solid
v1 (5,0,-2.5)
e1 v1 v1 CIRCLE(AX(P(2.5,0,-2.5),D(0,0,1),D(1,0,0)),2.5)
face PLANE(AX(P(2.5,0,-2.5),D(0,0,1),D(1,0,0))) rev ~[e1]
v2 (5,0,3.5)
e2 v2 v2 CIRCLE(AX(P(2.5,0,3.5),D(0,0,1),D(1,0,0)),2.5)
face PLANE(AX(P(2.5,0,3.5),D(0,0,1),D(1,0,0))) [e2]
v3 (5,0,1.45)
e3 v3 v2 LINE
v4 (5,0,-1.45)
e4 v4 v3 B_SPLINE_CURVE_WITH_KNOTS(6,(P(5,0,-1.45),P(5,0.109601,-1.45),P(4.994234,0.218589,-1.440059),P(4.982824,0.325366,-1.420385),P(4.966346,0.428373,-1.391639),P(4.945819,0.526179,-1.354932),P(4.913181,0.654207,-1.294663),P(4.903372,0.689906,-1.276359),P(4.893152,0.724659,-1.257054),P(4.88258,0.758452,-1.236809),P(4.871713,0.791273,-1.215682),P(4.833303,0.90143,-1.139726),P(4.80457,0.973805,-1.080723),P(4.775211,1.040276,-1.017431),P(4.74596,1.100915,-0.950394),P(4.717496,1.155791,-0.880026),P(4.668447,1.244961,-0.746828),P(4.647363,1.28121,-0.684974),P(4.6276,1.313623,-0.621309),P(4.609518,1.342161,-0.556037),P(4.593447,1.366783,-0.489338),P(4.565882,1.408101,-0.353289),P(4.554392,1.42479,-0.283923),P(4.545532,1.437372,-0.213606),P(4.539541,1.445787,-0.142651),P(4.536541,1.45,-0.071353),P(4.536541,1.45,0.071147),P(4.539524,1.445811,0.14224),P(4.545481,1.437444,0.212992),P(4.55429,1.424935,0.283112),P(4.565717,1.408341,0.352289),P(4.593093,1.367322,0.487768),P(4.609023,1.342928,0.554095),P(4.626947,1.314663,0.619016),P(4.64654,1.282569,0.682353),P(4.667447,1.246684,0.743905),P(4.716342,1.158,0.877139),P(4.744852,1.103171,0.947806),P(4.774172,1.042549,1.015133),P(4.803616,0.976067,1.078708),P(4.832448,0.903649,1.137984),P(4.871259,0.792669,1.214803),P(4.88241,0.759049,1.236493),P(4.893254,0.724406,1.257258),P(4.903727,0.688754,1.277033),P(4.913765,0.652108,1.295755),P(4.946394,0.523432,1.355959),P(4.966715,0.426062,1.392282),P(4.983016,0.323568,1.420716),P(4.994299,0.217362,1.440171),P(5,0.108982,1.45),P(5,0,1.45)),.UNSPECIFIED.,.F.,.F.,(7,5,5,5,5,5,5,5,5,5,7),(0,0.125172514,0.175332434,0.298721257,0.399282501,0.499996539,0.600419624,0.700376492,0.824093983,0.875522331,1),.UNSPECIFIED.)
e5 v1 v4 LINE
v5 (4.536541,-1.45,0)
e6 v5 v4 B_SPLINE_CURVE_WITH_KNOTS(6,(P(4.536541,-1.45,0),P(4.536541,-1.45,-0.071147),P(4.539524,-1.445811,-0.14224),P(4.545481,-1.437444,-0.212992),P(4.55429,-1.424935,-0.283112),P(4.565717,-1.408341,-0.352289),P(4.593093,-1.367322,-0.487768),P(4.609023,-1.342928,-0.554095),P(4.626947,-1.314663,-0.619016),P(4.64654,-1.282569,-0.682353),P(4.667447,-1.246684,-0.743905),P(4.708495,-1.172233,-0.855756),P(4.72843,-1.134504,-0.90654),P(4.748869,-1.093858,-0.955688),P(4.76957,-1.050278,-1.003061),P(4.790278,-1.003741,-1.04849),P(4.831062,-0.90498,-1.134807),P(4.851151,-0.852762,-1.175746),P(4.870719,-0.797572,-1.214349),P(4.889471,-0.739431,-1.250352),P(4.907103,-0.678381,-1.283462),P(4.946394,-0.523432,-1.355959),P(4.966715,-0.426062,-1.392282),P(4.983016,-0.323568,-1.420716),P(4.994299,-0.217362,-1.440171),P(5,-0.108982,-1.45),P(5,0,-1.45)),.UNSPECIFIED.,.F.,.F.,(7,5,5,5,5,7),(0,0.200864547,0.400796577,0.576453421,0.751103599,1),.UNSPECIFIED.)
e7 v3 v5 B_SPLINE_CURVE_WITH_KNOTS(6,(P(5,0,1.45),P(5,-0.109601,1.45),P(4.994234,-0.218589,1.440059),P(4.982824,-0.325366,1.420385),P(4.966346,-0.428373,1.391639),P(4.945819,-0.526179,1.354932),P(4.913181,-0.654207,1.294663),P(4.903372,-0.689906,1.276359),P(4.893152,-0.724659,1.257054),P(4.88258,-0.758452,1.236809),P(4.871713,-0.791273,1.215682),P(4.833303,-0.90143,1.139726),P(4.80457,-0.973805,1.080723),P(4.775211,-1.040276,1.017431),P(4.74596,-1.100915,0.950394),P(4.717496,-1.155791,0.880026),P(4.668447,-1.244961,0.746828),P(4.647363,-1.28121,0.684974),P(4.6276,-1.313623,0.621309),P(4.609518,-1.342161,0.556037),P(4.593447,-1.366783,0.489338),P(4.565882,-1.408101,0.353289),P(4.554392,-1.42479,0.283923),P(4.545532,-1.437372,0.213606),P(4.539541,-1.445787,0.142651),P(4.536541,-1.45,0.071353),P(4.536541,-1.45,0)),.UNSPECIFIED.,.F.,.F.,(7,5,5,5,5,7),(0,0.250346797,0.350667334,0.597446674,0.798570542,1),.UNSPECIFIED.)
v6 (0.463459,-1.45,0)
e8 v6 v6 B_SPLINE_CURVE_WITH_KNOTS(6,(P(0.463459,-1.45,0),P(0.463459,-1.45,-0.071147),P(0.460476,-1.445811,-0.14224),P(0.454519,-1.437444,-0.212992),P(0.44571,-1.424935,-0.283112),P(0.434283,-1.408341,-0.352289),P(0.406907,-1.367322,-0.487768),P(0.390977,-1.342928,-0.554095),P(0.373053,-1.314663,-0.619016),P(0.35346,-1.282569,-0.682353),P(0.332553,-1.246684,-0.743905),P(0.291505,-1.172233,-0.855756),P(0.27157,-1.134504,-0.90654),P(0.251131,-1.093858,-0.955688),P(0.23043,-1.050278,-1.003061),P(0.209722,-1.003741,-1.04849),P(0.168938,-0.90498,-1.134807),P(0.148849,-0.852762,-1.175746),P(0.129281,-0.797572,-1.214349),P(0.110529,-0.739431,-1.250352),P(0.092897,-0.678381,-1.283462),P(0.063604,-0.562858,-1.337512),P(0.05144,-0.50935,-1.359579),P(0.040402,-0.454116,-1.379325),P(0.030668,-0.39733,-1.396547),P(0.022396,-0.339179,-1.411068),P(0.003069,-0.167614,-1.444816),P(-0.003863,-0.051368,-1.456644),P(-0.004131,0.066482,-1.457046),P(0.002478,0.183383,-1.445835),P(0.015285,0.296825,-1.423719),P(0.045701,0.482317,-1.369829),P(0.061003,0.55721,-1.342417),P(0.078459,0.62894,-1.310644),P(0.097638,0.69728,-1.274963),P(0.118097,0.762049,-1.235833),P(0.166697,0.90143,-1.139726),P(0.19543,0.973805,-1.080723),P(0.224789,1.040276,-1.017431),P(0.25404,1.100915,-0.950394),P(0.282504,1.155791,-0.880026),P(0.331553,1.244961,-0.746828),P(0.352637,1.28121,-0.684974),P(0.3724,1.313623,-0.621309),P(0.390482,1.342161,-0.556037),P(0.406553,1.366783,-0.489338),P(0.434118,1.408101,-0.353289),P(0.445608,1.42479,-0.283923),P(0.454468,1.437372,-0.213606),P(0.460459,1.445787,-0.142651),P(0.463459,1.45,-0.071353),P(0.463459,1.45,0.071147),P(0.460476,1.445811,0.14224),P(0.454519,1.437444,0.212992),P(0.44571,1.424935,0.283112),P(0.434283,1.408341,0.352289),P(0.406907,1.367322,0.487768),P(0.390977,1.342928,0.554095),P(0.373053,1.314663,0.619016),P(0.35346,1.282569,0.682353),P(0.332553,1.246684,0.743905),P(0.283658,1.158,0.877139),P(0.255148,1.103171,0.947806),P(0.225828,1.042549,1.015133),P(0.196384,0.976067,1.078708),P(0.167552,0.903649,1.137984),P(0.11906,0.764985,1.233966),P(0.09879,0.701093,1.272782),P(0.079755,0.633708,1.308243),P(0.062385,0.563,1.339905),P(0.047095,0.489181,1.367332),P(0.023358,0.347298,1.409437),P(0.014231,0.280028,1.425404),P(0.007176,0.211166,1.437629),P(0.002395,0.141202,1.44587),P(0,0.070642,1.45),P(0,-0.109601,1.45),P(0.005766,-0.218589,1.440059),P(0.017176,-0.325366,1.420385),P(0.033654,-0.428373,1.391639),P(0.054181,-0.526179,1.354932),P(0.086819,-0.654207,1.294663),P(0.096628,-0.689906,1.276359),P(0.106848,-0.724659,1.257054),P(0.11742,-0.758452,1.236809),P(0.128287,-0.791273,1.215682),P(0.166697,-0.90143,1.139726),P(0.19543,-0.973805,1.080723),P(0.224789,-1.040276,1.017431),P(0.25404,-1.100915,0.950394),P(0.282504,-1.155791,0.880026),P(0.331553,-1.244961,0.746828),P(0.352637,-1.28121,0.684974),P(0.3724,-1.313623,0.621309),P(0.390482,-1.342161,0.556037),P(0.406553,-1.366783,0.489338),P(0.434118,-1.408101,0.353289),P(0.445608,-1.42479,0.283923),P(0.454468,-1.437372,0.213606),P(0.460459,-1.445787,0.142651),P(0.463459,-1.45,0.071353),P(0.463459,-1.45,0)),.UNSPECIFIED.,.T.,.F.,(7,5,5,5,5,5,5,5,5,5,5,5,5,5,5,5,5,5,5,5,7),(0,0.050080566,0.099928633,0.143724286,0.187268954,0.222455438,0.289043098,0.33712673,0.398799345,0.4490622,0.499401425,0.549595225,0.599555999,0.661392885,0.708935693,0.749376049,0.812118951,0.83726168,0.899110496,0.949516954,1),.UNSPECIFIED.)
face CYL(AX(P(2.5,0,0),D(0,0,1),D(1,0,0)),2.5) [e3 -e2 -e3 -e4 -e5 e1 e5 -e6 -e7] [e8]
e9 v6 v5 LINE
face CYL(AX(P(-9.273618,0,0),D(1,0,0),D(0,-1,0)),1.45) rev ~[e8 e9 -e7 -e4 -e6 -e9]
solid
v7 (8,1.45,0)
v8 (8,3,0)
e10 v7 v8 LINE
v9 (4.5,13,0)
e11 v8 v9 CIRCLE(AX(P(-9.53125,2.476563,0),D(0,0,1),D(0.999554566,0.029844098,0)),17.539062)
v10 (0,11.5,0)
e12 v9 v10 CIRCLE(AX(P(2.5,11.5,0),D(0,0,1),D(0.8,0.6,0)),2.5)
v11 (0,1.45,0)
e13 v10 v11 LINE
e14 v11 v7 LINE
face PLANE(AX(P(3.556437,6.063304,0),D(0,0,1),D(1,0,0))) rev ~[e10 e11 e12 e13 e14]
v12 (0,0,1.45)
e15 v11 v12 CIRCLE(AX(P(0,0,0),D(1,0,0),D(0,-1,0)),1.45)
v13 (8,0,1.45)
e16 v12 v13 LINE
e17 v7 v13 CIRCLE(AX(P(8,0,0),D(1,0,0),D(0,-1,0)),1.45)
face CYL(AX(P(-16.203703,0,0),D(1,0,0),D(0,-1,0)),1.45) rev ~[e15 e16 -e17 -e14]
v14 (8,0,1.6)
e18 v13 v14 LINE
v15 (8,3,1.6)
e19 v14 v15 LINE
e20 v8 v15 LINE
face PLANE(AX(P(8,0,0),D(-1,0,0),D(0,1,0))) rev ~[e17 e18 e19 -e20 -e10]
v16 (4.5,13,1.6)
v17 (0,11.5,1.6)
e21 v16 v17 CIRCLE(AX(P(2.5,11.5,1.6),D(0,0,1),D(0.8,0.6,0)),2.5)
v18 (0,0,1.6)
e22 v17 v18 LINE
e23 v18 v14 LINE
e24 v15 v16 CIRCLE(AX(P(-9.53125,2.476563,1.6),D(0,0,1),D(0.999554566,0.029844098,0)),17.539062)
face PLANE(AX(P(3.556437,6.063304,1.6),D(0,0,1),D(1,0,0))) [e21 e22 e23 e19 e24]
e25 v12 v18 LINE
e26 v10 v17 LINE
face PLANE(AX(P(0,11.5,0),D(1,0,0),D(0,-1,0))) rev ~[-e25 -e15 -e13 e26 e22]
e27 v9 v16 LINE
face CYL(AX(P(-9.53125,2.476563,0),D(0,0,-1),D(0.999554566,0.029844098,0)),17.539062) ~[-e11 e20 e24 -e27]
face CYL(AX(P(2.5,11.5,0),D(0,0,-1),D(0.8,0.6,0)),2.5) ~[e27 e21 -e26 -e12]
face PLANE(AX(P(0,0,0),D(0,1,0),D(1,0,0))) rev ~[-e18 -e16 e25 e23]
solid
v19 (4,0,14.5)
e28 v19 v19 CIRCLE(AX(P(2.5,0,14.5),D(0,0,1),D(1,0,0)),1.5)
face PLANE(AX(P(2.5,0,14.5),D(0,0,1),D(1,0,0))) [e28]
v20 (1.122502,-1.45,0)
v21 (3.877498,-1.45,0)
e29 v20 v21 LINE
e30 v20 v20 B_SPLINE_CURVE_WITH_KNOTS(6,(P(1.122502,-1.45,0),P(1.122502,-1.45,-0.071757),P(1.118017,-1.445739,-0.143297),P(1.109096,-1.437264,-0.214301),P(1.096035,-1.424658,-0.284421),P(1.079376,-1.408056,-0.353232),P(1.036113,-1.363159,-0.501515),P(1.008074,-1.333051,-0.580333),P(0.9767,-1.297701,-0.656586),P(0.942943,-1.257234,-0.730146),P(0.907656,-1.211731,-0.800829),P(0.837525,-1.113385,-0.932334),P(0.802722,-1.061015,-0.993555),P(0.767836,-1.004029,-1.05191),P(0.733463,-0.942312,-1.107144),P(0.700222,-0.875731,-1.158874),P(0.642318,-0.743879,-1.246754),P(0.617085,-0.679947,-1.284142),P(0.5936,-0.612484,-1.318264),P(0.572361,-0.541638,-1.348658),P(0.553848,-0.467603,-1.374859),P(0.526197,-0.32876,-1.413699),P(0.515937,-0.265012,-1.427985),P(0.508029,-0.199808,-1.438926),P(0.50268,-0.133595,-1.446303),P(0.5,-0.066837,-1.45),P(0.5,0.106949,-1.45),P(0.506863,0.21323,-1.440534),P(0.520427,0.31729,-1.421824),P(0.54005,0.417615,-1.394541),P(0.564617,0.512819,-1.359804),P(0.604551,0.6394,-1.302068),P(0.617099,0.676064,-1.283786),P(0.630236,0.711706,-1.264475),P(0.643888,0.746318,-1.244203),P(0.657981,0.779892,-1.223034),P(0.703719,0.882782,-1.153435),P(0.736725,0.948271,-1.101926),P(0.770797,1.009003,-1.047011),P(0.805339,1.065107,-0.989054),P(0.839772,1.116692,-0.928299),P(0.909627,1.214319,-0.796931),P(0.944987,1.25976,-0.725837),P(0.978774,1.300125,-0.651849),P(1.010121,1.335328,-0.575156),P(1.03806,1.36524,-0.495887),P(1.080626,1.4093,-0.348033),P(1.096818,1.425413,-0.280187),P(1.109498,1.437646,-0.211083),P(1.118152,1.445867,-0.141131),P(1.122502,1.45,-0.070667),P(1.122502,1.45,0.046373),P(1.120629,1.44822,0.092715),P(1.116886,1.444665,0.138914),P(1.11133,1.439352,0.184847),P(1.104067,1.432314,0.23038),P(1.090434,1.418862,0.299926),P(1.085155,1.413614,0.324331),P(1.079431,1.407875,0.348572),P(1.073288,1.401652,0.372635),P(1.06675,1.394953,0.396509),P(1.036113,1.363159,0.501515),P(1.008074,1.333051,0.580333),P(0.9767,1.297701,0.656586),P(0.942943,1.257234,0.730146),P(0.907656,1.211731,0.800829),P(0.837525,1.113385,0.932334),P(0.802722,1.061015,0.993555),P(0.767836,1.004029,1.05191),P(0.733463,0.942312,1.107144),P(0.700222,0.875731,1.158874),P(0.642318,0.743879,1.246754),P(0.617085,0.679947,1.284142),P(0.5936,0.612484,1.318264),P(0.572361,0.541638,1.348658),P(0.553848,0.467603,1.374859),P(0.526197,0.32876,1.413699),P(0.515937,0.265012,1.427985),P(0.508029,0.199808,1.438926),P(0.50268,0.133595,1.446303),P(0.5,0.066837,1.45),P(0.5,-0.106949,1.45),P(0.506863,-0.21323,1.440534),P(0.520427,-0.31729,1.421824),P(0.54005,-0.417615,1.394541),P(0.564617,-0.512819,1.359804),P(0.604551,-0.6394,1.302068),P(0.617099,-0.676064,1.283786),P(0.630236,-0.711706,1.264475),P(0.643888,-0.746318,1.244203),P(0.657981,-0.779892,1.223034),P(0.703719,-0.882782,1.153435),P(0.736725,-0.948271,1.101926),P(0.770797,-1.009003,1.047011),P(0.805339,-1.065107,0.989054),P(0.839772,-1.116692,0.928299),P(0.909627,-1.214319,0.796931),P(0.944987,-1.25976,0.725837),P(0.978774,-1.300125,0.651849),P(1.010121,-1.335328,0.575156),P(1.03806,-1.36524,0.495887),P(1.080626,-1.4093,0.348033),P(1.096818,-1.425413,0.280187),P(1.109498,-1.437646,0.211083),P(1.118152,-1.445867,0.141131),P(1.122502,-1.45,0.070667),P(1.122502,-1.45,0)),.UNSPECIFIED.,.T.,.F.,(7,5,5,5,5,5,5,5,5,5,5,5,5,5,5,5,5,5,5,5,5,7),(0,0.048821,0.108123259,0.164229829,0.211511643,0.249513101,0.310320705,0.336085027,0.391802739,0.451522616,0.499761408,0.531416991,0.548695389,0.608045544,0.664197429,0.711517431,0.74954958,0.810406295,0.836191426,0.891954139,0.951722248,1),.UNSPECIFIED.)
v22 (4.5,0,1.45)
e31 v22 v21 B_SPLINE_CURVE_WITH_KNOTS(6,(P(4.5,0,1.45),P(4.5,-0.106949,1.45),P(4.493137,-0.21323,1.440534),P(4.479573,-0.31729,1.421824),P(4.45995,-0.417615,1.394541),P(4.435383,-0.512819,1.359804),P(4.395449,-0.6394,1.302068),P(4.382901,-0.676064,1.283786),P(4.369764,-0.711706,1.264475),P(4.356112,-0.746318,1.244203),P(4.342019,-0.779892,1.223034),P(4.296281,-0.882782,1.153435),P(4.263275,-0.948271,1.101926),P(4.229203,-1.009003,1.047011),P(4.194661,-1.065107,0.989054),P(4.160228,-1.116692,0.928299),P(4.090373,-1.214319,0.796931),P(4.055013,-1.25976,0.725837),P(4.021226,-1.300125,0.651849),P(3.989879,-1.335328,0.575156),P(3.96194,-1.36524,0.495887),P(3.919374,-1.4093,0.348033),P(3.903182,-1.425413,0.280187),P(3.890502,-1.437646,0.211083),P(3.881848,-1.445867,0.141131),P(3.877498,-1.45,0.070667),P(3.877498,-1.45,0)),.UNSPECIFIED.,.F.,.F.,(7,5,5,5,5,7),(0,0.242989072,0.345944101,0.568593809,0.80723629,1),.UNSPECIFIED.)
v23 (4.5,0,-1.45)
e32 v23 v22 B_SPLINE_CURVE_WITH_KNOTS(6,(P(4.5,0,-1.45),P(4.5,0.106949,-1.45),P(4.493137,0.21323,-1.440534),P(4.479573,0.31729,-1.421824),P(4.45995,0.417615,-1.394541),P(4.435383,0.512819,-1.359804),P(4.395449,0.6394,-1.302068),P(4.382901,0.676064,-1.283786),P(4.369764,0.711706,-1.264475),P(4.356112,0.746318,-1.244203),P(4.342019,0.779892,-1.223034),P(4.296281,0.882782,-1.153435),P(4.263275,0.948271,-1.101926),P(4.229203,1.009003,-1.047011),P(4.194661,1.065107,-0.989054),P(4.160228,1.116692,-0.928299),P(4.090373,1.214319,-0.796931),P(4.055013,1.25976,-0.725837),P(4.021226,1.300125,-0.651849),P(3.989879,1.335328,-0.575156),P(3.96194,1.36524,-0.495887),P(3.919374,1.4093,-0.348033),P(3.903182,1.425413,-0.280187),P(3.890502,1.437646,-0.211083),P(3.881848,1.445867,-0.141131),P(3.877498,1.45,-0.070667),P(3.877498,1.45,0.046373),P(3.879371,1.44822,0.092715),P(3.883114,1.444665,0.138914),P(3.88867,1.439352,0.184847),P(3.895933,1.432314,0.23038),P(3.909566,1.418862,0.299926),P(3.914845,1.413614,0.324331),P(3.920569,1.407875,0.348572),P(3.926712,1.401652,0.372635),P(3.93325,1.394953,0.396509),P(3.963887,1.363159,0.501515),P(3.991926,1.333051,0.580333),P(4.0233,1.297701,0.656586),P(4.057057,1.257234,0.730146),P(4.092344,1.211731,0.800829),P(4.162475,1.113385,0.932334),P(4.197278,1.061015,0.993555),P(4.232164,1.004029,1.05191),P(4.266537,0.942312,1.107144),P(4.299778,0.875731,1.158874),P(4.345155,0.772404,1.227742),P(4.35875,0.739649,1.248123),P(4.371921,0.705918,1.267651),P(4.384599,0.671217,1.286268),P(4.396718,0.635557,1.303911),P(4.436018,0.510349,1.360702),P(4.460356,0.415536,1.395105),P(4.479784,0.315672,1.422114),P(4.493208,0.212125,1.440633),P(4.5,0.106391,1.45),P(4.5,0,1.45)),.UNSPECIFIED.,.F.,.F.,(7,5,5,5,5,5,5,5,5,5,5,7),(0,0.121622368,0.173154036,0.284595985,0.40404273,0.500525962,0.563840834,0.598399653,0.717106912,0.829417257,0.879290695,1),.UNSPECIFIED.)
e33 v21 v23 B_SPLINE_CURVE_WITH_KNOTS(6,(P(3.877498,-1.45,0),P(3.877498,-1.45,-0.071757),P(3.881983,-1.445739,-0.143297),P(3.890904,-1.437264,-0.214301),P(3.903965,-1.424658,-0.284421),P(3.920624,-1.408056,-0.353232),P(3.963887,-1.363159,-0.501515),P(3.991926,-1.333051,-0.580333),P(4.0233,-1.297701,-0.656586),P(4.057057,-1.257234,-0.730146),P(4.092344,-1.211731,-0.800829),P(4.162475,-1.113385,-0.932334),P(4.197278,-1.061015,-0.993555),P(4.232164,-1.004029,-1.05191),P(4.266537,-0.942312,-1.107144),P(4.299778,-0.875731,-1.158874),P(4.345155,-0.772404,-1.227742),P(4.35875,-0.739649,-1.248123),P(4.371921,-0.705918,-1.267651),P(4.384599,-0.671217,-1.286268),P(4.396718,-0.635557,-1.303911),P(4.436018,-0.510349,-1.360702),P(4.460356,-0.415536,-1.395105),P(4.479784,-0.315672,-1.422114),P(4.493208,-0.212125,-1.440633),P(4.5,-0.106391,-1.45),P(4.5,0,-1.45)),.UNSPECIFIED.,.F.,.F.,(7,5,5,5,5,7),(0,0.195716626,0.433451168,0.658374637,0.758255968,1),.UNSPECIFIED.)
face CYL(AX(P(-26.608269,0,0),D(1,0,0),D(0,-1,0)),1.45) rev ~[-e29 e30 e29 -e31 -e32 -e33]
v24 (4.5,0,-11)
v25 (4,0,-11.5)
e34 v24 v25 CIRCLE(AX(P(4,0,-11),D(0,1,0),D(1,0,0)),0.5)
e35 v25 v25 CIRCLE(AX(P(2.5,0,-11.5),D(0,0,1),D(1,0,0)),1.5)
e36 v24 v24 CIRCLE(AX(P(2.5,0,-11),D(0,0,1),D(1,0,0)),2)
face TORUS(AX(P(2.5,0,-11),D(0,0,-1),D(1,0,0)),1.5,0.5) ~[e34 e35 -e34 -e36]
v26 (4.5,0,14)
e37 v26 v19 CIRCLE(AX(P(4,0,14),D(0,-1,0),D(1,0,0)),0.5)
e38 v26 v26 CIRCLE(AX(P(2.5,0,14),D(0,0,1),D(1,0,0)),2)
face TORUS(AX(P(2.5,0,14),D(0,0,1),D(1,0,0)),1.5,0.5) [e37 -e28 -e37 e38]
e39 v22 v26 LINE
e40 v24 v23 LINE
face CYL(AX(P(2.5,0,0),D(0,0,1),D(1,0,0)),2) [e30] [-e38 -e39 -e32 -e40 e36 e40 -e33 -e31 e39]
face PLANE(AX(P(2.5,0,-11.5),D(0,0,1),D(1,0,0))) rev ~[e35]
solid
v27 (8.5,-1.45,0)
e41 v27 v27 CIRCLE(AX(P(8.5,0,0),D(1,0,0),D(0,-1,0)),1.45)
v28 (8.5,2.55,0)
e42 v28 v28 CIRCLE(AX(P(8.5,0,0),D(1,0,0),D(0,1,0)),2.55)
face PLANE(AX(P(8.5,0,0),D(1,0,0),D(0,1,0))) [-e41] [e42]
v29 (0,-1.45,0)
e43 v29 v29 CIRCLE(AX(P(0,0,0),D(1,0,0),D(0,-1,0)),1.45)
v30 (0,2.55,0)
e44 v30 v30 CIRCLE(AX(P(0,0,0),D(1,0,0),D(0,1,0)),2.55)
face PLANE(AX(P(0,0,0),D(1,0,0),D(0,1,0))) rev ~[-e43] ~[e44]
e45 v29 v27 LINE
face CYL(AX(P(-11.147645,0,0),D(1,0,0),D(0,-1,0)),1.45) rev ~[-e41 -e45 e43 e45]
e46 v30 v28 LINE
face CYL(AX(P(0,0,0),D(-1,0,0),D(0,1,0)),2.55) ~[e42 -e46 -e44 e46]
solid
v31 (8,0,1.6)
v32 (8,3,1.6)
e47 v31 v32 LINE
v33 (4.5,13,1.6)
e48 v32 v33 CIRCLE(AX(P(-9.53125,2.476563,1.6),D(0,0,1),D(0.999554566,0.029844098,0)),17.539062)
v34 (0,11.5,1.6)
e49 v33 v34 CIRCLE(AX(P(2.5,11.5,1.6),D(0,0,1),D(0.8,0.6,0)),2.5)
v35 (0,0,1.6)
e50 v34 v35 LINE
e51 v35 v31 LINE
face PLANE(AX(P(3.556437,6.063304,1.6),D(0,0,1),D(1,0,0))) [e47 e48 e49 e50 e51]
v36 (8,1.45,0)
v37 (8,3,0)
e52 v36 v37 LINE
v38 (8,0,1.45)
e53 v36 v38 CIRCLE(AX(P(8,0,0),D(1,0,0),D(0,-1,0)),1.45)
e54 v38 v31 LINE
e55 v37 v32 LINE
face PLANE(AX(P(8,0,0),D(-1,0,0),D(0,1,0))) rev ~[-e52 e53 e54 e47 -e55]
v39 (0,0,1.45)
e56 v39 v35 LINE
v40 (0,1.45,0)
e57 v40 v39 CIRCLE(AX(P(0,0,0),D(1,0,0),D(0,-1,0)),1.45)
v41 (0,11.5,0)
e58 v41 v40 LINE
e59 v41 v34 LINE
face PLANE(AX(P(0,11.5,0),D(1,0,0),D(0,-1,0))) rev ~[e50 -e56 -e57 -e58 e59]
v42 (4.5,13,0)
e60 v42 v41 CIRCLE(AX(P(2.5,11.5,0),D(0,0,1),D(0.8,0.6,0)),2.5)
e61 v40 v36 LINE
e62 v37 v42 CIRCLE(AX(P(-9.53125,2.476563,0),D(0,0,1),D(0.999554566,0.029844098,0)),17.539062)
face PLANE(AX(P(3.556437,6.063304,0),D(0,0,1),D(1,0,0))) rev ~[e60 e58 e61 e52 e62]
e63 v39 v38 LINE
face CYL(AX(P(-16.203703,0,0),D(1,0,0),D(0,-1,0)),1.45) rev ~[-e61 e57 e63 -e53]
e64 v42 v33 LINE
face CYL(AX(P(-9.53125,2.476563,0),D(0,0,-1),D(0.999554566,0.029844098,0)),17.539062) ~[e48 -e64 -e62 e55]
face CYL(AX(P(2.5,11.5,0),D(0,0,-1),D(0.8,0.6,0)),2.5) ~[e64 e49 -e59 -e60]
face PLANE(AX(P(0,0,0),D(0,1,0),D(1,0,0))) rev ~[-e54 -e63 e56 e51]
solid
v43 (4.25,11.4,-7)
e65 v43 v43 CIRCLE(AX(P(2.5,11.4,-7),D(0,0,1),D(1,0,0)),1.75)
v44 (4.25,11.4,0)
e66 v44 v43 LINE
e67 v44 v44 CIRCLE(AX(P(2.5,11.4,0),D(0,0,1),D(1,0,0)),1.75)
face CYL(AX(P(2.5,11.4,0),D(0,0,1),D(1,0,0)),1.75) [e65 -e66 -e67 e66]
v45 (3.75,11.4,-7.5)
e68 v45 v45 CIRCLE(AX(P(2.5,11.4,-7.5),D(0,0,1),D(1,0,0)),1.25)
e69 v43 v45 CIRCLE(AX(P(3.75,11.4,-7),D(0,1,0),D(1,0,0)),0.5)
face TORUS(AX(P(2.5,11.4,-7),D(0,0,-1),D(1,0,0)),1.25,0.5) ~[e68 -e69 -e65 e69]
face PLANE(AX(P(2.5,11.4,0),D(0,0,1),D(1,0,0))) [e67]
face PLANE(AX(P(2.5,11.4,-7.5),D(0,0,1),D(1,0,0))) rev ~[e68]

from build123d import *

# Parameters (mm, degrees)
F0_R           = 2.55
F1_DEPTH       = 8.5
F3_DEPTH       = 1.6
F4_DEPTH       = 1.6
F5_R           = 1.75
F6_DEPTH       = 7.5
F7_R           = 2.5
F8_DEPTH       = 3.5
F8_DEPTH_BACK  = 2.5
F9_R           = 2
F10_DEPTH      = 14.5
F10_DEPTH_BACK = 11.5
F11_D          = 2.9
F11_2_D        = 2.9
F11_3_D        = 2.9
F11_4_D        = 2.9
F11_5_D        = 2.9
F12_R          = 0.5
F12_2_R        = 0.5


with BuildPart() as f1:
    # F0 (on Right) → F1 (new body)
    with BuildSketch(Plane.YZ):
        Circle(F0_R)
    extrude(amount=F1_DEPTH)

    # F11 (through all)
    with Locations(Plane(origin=(0, 0, 0), x_dir=(0, 1, 0), z_dir=(-1, 0, 0))):
        with Locations((0, 0)):
            Hole(F11_D / 2)


with BuildPart() as f3:
    # F2 (on Top) → F3 (new body)
    with BuildSketch(Plane.XY):
        with BuildLine():
            Line((0, 11.5), (0, 0))
            Line((0, 0), (8, 0))
            Line((8, 0), (8, 3))
            ThreePointArc((8, 3), (7.0231407035, 8.2705992462), (4.5, 13))
            ThreePointArc((4.5, 13), (1.709430585, 13.8717082451), (0, 11.5))
        make_face()
    extrude(amount=F3_DEPTH)

    # F11#2 (through all)
    with Locations(Plane(origin=(0, 0, 0), x_dir=(0, 1, 0), z_dir=(-1, 0, 0))):
        with Locations((0, 0)):
            Hole(F11_2_D / 2)


with BuildPart() as f4:
    # F2 (on Top) → F4 (new body)
    with BuildSketch(Plane.XY):
        with BuildLine():
            Line((0, 11.5), (0, 0))
            Line((0, 0), (8, 0))
            Line((8, 0), (8, 3))
            ThreePointArc((8, 3), (7.0231407035, 8.2705992462), (4.5, 13))
            ThreePointArc((4.5, 13), (1.709430585, 13.8717082451), (0, 11.5))
        make_face()
    extrude(amount=F4_DEPTH)

    # F11#3 (through all)
    with Locations(Plane(origin=(0, 0, 0), x_dir=(0, 1, 0), z_dir=(-1, 0, 0))):
        with Locations((0, 0)):
            Hole(F11_3_D / 2)


with BuildPart() as f6:
    # F5 (on Top) → F6 (new body)
    with BuildSketch(Plane.XY):
        with Locations((2.5, 11.4)):
            Circle(F5_R)
    extrude(amount=-F6_DEPTH)

    # F12#2
    f12_2_edges = [f6.edges().sort_by_distance(p)[0] for p in [
        (0.75, 11.4, -7.5),
    ]]
    fillet(f12_2_edges, radius=F12_2_R)


with BuildPart() as f8:
    # F7 (on Top) → F8 (new body, two sides)
    with BuildSketch(Plane.XY) as f8_sk:
        with Locations((2.5, 0)):
            Circle(F7_R)
    extrude(amount=F8_DEPTH)
    extrude(f8_sk.sketch, amount=-F8_DEPTH_BACK)

    # F11#4 (through all)
    with Locations(Plane(origin=(0, 0, 0), x_dir=(0, 1, 0), z_dir=(-1, 0, 0))):
        with Locations((0, 0)):
            Hole(F11_4_D / 2)


with BuildPart() as f10:
    # F9 (on Top) → F10 (new body, two sides)
    with BuildSketch(Plane.XY) as f10_sk:
        with Locations((2.5, 0)):
            Circle(F9_R)
    extrude(amount=F10_DEPTH)
    extrude(f10_sk.sketch, amount=-F10_DEPTH_BACK)

    # F11#5 (through all)
    with Locations(Plane(origin=(0, 0, 0), x_dir=(0, 1, 0), z_dir=(-1, 0, 0))):
        with Locations((0, 0)):
            Hole(F11_5_D / 2)

    # F12
    f12_edges = [f10.edges().sort_by_distance(p)[0] for p in [
        (0.5, 0, 14.5),
        (0.5, 0, -11.5),
    ]]
    fillet(f12_edges, radius=F12_R)


solid = Compound([f1.part, f3.part, f4.part, f6.part, f8.part, f10.part])
